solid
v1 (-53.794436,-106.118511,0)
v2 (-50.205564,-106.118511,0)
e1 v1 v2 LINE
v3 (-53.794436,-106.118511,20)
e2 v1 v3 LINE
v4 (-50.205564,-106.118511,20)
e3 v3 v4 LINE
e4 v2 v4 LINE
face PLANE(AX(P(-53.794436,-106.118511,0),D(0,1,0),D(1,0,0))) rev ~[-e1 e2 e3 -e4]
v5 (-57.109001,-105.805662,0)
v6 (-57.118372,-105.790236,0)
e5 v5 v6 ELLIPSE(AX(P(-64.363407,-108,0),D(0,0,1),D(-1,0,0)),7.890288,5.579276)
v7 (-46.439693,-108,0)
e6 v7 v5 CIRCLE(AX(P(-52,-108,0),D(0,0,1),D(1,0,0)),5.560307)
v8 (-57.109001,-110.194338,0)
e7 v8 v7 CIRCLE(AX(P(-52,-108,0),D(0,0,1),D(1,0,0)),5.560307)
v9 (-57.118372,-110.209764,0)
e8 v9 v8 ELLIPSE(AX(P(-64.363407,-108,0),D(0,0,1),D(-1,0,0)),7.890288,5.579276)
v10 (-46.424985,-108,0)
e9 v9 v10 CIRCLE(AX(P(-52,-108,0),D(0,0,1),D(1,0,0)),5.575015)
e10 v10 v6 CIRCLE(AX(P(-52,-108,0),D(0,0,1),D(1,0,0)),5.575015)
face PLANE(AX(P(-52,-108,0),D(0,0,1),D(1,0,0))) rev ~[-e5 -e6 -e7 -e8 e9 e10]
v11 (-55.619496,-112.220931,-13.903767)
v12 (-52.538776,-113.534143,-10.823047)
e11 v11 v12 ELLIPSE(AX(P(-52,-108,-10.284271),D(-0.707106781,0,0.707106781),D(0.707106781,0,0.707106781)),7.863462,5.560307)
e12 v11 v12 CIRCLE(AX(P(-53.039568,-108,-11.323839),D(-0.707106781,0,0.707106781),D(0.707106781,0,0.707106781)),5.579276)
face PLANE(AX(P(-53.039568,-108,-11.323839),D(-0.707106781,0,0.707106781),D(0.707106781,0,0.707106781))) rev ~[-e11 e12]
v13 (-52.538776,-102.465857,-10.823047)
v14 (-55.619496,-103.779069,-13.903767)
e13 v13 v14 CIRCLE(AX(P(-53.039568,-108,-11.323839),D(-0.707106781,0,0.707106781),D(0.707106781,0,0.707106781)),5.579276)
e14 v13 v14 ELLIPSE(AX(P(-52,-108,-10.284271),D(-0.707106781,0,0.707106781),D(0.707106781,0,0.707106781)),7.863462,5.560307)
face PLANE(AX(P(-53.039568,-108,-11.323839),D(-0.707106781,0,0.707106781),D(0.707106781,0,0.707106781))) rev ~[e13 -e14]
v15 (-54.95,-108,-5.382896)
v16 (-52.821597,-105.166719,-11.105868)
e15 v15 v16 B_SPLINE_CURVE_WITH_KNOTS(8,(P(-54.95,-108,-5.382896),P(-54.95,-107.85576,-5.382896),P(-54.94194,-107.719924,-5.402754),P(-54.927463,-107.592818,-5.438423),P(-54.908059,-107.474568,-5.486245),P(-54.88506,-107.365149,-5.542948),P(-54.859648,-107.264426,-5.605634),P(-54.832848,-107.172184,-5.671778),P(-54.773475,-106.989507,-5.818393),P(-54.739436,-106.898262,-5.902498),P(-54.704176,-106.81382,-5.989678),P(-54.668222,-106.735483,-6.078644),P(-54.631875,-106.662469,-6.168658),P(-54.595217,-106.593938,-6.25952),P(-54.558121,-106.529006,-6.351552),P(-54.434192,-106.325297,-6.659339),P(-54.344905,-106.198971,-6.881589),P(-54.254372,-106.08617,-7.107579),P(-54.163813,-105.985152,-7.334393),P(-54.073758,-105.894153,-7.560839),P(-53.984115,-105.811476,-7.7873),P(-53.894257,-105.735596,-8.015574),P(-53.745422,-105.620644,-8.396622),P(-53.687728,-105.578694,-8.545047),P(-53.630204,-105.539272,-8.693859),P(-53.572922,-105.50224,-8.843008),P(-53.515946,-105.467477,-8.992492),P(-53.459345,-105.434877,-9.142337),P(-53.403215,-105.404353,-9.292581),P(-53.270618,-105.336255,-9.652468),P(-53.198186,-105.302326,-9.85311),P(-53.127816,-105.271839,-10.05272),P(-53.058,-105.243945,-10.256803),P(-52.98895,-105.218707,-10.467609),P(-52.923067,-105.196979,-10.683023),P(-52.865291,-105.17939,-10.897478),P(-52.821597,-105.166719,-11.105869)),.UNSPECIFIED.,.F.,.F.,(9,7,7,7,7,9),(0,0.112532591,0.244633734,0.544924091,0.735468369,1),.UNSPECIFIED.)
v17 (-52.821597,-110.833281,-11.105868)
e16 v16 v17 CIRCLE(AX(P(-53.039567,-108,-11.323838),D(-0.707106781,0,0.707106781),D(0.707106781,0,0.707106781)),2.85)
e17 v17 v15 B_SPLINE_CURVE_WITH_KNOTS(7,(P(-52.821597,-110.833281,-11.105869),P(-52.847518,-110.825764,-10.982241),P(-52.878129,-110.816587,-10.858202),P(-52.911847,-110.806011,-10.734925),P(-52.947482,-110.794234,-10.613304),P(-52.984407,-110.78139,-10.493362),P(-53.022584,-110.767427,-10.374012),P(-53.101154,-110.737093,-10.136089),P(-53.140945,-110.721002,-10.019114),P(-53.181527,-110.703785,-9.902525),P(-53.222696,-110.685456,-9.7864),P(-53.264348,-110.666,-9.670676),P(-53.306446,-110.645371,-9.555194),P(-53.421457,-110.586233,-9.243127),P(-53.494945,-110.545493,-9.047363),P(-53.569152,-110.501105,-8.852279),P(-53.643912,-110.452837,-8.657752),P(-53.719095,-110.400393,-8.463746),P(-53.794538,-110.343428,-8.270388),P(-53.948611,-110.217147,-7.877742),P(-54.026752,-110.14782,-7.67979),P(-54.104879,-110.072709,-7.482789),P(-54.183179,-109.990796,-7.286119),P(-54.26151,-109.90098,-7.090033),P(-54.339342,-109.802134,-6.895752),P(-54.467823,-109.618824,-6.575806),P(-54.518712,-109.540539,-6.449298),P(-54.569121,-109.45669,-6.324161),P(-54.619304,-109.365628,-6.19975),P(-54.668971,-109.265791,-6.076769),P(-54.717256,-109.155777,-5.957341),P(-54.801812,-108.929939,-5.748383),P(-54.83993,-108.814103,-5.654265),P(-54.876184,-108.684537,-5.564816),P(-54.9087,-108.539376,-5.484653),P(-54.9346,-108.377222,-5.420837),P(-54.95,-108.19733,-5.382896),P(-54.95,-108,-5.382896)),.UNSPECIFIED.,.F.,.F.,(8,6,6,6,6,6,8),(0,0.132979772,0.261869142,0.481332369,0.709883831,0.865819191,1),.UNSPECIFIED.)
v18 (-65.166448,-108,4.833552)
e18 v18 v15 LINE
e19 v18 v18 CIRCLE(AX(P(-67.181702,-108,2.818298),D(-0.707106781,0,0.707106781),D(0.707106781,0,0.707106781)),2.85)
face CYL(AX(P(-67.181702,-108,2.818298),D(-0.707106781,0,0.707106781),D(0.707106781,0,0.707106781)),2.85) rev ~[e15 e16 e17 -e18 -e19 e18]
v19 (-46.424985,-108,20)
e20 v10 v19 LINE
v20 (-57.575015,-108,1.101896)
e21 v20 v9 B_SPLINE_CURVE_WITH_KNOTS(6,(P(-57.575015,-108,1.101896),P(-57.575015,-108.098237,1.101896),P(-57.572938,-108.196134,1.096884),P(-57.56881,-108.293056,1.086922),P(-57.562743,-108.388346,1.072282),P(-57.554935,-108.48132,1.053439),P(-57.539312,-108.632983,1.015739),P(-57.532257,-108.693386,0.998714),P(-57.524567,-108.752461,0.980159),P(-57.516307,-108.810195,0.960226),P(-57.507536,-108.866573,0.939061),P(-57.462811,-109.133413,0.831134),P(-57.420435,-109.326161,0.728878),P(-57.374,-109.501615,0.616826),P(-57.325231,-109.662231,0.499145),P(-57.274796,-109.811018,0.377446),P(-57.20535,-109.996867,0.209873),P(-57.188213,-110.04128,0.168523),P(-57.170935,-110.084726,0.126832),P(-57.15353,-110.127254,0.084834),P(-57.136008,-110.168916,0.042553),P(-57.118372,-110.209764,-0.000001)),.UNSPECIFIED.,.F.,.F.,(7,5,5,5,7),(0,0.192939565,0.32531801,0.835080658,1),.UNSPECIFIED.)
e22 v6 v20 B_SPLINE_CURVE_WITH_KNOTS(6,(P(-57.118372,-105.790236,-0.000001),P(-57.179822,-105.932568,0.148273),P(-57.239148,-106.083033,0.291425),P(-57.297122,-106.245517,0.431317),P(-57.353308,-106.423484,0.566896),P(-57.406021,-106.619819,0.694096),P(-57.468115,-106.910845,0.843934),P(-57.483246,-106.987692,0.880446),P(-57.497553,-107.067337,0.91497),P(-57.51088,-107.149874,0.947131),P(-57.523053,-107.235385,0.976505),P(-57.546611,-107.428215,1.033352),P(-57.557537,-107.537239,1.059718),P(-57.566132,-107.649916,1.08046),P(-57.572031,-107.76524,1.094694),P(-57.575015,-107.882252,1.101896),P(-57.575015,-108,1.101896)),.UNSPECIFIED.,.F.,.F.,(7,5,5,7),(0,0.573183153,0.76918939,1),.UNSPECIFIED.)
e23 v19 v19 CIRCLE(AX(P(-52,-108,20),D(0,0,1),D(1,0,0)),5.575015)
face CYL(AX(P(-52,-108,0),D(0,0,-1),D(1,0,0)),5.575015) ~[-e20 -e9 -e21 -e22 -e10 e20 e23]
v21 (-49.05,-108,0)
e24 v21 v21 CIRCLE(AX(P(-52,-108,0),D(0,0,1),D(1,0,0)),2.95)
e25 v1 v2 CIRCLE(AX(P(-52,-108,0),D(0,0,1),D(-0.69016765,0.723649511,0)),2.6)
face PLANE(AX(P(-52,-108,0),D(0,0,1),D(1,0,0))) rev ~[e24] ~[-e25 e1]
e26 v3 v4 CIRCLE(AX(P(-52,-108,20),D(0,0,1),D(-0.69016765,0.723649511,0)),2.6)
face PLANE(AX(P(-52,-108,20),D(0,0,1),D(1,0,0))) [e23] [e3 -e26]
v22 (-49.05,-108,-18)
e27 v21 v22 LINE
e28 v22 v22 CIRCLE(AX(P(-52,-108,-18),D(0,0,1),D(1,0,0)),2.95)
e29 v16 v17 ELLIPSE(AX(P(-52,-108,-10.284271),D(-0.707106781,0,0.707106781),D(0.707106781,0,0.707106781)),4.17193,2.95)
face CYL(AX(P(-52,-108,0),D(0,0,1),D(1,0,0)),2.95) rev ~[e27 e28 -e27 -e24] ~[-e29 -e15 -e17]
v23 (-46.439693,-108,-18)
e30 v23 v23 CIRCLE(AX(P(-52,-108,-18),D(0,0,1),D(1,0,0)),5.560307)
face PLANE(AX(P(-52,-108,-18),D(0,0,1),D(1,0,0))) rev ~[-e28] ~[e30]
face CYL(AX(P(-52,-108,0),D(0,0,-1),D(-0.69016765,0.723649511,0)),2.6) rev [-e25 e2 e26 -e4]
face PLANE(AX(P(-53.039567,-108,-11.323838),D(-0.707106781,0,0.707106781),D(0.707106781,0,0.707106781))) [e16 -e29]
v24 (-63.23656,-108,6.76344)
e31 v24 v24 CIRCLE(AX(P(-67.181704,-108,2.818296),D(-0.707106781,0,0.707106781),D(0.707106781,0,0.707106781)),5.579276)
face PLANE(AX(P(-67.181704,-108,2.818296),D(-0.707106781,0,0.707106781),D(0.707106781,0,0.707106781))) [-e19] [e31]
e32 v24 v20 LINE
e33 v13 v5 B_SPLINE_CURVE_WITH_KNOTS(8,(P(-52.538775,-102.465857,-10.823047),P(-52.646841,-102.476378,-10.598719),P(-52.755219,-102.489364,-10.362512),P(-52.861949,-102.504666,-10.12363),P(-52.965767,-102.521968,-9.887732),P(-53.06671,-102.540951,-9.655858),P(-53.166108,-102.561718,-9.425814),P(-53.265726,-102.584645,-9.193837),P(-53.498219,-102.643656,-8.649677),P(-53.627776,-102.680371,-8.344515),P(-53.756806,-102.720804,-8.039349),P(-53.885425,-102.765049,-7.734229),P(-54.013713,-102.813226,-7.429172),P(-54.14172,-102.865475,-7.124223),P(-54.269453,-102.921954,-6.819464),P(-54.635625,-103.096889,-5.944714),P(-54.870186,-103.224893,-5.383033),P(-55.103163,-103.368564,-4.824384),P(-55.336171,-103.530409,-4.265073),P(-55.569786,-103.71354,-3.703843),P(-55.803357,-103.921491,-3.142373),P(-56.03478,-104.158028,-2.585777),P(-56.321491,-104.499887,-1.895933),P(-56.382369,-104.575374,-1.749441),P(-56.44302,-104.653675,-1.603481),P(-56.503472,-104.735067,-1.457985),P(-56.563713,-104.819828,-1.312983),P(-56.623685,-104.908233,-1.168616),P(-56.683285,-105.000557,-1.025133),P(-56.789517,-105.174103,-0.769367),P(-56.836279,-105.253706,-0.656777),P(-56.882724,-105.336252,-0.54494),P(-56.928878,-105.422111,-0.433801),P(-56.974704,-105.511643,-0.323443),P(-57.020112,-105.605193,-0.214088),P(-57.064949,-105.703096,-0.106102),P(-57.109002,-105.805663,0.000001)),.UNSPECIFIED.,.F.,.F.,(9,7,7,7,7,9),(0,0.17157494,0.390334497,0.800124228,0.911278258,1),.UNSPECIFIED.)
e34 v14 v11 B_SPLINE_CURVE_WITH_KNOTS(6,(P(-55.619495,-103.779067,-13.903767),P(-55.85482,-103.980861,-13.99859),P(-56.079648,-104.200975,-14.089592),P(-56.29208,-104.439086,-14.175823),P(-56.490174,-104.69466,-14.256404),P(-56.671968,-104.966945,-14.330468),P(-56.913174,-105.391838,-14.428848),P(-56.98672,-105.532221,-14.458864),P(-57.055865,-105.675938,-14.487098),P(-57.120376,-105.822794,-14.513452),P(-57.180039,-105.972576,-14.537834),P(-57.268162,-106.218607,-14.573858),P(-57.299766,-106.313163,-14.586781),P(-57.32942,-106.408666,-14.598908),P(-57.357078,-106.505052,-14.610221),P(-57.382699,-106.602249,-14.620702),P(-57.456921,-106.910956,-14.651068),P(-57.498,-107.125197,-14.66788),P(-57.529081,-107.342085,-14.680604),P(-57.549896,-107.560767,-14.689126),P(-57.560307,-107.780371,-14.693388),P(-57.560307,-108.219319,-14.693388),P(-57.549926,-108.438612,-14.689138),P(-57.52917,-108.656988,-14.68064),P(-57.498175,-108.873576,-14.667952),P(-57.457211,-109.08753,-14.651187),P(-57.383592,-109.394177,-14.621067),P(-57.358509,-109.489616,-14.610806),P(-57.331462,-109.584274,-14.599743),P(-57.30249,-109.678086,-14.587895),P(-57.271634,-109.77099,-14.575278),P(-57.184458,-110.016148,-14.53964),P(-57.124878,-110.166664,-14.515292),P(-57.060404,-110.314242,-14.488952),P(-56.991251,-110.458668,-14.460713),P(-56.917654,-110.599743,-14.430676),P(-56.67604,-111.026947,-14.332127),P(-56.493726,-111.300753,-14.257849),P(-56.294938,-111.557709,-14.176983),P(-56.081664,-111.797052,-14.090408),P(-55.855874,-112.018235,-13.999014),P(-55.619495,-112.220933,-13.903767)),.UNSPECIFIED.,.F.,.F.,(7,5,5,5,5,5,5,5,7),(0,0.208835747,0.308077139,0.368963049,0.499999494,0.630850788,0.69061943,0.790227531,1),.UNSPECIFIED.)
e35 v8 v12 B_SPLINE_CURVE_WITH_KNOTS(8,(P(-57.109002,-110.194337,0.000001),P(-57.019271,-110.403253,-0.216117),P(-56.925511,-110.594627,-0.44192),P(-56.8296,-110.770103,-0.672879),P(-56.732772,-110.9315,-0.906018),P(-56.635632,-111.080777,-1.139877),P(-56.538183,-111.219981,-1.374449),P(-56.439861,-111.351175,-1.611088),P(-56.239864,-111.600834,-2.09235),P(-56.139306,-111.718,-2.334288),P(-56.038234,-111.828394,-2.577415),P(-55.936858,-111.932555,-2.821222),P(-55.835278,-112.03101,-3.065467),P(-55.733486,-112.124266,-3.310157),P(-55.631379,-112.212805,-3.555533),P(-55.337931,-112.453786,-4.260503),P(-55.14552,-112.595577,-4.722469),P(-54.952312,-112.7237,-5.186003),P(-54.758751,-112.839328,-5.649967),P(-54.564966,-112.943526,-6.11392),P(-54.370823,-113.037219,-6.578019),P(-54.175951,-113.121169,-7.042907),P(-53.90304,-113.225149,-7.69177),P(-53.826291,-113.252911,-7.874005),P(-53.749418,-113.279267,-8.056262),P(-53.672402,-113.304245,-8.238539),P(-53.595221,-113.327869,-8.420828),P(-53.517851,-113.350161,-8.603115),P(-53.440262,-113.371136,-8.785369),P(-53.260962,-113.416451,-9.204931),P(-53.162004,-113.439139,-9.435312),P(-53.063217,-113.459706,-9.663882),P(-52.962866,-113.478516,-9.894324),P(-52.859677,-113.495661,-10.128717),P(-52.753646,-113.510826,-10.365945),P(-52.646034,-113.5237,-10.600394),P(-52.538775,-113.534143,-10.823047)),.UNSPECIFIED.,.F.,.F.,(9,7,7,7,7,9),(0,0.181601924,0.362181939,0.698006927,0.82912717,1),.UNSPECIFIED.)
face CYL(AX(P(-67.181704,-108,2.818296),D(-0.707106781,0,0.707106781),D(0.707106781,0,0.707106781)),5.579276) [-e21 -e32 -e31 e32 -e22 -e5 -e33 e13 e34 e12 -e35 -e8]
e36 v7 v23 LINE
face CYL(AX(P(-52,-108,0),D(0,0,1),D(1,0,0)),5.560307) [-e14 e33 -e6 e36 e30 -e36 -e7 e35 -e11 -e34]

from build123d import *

# Parameters (mm, degrees)
SKETCH841_R     = 5.575015
PAD364_DEPTH    = 20
SKETCH842_R     = 5.560307
PAD365_DEPTH    = 18
SKETCH843_R     = 5.579276
PAD366_DEPTH    = 20
SKETCH844_R     = 2.85
POCKET224_DEPTH = 20
SKETCH845_R     = 2.95
POCKET225_DEPTH = 18.001


with BuildPart() as part:
    # Sketch841 → Pad364 (new body)
    with BuildSketch(Plane.XY):
        Circle(SKETCH841_R)
        with BuildLine():
            ThreePointArc((-1.794436, 1.881489), (0, -2.6), (1.794436, 1.881489))
            Line((-1.794436, 1.881489), (1.794436, 1.881489))
        make_face(mode=Mode.SUBTRACT)
    extrude(amount=PAD364_DEPTH)

    # Sketch842 → Pad365 (join)
    with BuildSketch(Plane.XY):
        Circle(SKETCH842_R)
    extrude(amount=-PAD365_DEPTH)

    # Sketch843 → Pad366 (join)
    with BuildSketch(Plane(origin=(-9, 0, 9), x_dir=(0.707107, 0, 0.707107), z_dir=(-0.707107, 0, 0.707107))):
        with Locations((-8.742249, 0)):
            Circle(SKETCH843_R)
    extrude(amount=-PAD366_DEPTH)

    # Sketch844 → Pocket224 (cut)
    with BuildSketch(Plane(origin=(-9, 0, 9), x_dir=(0.707107, 0, 0.707107), z_dir=(-0.707107, 0, 0.707107))):
        with Locations((-8.742247, 0)):
            Circle(SKETCH844_R)
    extrude(amount=-POCKET224_DEPTH, mode=Mode.SUBTRACT)

    # Sketch845 → Pocket225 (cut, through all)
    with BuildSketch(Plane.XY):
        Circle(SKETCH845_R)
    extrude(amount=-POCKET225_DEPTH, mode=Mode.SUBTRACT)


with BuildPart() as part_1:
    # Body064 placement: moved
    add(part.part.moved(Location((-52, -108, 0))))


solid = part_1.part
